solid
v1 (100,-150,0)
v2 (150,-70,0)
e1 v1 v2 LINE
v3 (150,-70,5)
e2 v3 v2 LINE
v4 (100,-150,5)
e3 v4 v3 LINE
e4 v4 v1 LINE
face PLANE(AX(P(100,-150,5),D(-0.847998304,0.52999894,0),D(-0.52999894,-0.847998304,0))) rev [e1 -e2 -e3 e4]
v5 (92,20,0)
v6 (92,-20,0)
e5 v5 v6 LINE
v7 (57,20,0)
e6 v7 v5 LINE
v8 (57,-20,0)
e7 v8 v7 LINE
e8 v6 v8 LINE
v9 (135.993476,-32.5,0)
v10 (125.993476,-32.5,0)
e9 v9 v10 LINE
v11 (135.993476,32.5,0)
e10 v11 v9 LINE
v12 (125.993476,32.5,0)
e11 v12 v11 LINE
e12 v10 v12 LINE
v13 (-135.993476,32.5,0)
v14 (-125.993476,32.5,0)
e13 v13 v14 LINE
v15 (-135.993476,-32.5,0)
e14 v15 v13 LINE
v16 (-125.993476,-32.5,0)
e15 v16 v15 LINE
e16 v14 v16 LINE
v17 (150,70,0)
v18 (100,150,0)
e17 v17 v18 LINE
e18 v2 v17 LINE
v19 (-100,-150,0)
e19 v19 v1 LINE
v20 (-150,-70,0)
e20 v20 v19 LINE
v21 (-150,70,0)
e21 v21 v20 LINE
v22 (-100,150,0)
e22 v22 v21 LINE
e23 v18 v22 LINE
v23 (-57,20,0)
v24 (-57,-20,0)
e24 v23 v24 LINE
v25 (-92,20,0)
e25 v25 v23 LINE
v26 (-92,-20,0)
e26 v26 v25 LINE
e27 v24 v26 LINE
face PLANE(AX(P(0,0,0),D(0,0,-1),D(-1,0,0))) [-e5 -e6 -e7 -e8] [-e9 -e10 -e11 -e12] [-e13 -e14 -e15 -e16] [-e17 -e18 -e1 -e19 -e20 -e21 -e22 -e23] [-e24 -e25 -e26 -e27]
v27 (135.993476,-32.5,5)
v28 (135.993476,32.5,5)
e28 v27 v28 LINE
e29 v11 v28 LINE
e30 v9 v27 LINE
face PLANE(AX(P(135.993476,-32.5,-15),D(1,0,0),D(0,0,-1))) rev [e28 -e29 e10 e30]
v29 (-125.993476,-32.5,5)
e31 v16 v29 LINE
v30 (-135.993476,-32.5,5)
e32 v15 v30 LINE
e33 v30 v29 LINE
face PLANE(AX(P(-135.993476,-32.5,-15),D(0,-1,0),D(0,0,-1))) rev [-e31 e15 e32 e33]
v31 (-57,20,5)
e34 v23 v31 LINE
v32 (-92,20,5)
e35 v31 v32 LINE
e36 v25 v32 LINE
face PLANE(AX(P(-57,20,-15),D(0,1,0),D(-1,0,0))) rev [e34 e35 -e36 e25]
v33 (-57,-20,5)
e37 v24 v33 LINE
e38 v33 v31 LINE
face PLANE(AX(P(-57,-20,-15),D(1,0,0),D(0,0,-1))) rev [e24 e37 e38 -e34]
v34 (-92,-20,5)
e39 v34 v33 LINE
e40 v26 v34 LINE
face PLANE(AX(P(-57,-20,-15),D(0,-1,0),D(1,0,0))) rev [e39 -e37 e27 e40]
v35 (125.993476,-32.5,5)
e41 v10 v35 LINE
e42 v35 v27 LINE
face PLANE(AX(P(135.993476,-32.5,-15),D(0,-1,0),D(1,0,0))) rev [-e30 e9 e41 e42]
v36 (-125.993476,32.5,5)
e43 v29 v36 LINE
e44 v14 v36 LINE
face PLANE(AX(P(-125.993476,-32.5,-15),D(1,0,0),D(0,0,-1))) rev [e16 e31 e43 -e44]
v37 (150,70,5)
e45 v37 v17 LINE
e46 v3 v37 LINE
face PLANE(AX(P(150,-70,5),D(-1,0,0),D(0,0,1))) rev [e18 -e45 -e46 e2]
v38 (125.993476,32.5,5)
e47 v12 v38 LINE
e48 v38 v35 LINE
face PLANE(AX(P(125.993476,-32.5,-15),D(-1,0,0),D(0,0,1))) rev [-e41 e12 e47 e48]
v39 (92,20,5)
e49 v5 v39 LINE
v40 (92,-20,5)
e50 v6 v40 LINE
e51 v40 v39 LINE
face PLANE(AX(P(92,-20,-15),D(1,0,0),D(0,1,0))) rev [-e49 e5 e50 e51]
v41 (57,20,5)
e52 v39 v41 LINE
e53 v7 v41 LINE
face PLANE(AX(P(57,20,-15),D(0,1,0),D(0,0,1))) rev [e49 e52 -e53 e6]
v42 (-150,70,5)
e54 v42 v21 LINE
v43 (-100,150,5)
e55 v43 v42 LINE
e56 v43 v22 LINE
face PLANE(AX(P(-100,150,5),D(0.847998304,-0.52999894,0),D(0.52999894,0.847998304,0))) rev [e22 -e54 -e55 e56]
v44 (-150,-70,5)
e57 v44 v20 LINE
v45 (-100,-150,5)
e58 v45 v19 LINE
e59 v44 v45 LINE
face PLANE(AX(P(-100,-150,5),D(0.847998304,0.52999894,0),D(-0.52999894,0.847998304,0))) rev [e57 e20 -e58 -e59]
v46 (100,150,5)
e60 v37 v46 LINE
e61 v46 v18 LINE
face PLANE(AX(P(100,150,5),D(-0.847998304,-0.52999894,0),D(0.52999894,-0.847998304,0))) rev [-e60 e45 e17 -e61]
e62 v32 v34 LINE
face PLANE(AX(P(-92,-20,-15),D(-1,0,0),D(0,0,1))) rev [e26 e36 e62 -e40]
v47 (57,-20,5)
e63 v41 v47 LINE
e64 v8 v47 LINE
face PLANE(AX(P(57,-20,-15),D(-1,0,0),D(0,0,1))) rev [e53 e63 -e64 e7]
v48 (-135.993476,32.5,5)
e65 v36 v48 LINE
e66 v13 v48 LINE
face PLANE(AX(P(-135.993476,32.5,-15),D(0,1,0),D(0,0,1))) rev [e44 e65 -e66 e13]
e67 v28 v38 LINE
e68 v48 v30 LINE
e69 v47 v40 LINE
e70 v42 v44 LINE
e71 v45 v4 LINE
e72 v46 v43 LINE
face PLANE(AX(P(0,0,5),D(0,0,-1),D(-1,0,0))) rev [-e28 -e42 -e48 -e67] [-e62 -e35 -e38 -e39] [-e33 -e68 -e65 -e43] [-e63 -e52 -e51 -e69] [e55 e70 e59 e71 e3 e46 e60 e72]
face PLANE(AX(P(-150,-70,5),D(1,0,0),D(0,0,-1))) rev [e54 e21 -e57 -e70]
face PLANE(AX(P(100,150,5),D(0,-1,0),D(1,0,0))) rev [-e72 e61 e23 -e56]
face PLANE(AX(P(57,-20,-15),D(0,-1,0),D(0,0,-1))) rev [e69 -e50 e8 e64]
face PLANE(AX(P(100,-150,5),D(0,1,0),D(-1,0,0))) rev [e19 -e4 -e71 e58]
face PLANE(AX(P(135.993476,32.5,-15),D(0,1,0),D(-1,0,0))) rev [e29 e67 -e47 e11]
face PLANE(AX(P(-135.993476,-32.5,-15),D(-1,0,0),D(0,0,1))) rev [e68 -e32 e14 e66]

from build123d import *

# Parameters (mm, degrees)
BOSS_EXTRU_1_DEPTH      = 5
ESQUISSE5_W             = 35
ESQUISSE5_H             = 40
ESQUISSE5_W_2           = 10
ESQUISSE5_H_2           = 65
ENL_V_MAT_EXTRU_1_DEPTH = 20


with BuildPart() as part:
    # Esquisse3 → Boss.-Extru.1 (new body)
    with BuildSketch(Plane.XY):
        Polygon((-100, 150), (-150, 70), (-150, -70), (-100, -150), (100, -150), (150, -70), (150, 70), (100, 150), align=None)
    extrude(amount=BOSS_EXTRU_1_DEPTH)

    # Esquisse5 → Enlèv. mat.-Extru.1 (cut)
    with BuildSketch(Plane.XY.offset(5)):
        with Locations((-74.5, 0)):
            Rectangle(ESQUISSE5_W, ESQUISSE5_H)
        with Locations((74.5, 0)):
            Rectangle(ESQUISSE5_W, ESQUISSE5_H)
        with Locations((-130.993475803, 0)):
            Rectangle(ESQUISSE5_W_2, ESQUISSE5_H_2)
        with Locations((130.993475803, 0)):
            Rectangle(ESQUISSE5_W_2, ESQUISSE5_H_2)
    extrude(amount=-ENL_V_MAT_EXTRU_1_DEPTH, mode=Mode.SUBTRACT)


solid = part.part
